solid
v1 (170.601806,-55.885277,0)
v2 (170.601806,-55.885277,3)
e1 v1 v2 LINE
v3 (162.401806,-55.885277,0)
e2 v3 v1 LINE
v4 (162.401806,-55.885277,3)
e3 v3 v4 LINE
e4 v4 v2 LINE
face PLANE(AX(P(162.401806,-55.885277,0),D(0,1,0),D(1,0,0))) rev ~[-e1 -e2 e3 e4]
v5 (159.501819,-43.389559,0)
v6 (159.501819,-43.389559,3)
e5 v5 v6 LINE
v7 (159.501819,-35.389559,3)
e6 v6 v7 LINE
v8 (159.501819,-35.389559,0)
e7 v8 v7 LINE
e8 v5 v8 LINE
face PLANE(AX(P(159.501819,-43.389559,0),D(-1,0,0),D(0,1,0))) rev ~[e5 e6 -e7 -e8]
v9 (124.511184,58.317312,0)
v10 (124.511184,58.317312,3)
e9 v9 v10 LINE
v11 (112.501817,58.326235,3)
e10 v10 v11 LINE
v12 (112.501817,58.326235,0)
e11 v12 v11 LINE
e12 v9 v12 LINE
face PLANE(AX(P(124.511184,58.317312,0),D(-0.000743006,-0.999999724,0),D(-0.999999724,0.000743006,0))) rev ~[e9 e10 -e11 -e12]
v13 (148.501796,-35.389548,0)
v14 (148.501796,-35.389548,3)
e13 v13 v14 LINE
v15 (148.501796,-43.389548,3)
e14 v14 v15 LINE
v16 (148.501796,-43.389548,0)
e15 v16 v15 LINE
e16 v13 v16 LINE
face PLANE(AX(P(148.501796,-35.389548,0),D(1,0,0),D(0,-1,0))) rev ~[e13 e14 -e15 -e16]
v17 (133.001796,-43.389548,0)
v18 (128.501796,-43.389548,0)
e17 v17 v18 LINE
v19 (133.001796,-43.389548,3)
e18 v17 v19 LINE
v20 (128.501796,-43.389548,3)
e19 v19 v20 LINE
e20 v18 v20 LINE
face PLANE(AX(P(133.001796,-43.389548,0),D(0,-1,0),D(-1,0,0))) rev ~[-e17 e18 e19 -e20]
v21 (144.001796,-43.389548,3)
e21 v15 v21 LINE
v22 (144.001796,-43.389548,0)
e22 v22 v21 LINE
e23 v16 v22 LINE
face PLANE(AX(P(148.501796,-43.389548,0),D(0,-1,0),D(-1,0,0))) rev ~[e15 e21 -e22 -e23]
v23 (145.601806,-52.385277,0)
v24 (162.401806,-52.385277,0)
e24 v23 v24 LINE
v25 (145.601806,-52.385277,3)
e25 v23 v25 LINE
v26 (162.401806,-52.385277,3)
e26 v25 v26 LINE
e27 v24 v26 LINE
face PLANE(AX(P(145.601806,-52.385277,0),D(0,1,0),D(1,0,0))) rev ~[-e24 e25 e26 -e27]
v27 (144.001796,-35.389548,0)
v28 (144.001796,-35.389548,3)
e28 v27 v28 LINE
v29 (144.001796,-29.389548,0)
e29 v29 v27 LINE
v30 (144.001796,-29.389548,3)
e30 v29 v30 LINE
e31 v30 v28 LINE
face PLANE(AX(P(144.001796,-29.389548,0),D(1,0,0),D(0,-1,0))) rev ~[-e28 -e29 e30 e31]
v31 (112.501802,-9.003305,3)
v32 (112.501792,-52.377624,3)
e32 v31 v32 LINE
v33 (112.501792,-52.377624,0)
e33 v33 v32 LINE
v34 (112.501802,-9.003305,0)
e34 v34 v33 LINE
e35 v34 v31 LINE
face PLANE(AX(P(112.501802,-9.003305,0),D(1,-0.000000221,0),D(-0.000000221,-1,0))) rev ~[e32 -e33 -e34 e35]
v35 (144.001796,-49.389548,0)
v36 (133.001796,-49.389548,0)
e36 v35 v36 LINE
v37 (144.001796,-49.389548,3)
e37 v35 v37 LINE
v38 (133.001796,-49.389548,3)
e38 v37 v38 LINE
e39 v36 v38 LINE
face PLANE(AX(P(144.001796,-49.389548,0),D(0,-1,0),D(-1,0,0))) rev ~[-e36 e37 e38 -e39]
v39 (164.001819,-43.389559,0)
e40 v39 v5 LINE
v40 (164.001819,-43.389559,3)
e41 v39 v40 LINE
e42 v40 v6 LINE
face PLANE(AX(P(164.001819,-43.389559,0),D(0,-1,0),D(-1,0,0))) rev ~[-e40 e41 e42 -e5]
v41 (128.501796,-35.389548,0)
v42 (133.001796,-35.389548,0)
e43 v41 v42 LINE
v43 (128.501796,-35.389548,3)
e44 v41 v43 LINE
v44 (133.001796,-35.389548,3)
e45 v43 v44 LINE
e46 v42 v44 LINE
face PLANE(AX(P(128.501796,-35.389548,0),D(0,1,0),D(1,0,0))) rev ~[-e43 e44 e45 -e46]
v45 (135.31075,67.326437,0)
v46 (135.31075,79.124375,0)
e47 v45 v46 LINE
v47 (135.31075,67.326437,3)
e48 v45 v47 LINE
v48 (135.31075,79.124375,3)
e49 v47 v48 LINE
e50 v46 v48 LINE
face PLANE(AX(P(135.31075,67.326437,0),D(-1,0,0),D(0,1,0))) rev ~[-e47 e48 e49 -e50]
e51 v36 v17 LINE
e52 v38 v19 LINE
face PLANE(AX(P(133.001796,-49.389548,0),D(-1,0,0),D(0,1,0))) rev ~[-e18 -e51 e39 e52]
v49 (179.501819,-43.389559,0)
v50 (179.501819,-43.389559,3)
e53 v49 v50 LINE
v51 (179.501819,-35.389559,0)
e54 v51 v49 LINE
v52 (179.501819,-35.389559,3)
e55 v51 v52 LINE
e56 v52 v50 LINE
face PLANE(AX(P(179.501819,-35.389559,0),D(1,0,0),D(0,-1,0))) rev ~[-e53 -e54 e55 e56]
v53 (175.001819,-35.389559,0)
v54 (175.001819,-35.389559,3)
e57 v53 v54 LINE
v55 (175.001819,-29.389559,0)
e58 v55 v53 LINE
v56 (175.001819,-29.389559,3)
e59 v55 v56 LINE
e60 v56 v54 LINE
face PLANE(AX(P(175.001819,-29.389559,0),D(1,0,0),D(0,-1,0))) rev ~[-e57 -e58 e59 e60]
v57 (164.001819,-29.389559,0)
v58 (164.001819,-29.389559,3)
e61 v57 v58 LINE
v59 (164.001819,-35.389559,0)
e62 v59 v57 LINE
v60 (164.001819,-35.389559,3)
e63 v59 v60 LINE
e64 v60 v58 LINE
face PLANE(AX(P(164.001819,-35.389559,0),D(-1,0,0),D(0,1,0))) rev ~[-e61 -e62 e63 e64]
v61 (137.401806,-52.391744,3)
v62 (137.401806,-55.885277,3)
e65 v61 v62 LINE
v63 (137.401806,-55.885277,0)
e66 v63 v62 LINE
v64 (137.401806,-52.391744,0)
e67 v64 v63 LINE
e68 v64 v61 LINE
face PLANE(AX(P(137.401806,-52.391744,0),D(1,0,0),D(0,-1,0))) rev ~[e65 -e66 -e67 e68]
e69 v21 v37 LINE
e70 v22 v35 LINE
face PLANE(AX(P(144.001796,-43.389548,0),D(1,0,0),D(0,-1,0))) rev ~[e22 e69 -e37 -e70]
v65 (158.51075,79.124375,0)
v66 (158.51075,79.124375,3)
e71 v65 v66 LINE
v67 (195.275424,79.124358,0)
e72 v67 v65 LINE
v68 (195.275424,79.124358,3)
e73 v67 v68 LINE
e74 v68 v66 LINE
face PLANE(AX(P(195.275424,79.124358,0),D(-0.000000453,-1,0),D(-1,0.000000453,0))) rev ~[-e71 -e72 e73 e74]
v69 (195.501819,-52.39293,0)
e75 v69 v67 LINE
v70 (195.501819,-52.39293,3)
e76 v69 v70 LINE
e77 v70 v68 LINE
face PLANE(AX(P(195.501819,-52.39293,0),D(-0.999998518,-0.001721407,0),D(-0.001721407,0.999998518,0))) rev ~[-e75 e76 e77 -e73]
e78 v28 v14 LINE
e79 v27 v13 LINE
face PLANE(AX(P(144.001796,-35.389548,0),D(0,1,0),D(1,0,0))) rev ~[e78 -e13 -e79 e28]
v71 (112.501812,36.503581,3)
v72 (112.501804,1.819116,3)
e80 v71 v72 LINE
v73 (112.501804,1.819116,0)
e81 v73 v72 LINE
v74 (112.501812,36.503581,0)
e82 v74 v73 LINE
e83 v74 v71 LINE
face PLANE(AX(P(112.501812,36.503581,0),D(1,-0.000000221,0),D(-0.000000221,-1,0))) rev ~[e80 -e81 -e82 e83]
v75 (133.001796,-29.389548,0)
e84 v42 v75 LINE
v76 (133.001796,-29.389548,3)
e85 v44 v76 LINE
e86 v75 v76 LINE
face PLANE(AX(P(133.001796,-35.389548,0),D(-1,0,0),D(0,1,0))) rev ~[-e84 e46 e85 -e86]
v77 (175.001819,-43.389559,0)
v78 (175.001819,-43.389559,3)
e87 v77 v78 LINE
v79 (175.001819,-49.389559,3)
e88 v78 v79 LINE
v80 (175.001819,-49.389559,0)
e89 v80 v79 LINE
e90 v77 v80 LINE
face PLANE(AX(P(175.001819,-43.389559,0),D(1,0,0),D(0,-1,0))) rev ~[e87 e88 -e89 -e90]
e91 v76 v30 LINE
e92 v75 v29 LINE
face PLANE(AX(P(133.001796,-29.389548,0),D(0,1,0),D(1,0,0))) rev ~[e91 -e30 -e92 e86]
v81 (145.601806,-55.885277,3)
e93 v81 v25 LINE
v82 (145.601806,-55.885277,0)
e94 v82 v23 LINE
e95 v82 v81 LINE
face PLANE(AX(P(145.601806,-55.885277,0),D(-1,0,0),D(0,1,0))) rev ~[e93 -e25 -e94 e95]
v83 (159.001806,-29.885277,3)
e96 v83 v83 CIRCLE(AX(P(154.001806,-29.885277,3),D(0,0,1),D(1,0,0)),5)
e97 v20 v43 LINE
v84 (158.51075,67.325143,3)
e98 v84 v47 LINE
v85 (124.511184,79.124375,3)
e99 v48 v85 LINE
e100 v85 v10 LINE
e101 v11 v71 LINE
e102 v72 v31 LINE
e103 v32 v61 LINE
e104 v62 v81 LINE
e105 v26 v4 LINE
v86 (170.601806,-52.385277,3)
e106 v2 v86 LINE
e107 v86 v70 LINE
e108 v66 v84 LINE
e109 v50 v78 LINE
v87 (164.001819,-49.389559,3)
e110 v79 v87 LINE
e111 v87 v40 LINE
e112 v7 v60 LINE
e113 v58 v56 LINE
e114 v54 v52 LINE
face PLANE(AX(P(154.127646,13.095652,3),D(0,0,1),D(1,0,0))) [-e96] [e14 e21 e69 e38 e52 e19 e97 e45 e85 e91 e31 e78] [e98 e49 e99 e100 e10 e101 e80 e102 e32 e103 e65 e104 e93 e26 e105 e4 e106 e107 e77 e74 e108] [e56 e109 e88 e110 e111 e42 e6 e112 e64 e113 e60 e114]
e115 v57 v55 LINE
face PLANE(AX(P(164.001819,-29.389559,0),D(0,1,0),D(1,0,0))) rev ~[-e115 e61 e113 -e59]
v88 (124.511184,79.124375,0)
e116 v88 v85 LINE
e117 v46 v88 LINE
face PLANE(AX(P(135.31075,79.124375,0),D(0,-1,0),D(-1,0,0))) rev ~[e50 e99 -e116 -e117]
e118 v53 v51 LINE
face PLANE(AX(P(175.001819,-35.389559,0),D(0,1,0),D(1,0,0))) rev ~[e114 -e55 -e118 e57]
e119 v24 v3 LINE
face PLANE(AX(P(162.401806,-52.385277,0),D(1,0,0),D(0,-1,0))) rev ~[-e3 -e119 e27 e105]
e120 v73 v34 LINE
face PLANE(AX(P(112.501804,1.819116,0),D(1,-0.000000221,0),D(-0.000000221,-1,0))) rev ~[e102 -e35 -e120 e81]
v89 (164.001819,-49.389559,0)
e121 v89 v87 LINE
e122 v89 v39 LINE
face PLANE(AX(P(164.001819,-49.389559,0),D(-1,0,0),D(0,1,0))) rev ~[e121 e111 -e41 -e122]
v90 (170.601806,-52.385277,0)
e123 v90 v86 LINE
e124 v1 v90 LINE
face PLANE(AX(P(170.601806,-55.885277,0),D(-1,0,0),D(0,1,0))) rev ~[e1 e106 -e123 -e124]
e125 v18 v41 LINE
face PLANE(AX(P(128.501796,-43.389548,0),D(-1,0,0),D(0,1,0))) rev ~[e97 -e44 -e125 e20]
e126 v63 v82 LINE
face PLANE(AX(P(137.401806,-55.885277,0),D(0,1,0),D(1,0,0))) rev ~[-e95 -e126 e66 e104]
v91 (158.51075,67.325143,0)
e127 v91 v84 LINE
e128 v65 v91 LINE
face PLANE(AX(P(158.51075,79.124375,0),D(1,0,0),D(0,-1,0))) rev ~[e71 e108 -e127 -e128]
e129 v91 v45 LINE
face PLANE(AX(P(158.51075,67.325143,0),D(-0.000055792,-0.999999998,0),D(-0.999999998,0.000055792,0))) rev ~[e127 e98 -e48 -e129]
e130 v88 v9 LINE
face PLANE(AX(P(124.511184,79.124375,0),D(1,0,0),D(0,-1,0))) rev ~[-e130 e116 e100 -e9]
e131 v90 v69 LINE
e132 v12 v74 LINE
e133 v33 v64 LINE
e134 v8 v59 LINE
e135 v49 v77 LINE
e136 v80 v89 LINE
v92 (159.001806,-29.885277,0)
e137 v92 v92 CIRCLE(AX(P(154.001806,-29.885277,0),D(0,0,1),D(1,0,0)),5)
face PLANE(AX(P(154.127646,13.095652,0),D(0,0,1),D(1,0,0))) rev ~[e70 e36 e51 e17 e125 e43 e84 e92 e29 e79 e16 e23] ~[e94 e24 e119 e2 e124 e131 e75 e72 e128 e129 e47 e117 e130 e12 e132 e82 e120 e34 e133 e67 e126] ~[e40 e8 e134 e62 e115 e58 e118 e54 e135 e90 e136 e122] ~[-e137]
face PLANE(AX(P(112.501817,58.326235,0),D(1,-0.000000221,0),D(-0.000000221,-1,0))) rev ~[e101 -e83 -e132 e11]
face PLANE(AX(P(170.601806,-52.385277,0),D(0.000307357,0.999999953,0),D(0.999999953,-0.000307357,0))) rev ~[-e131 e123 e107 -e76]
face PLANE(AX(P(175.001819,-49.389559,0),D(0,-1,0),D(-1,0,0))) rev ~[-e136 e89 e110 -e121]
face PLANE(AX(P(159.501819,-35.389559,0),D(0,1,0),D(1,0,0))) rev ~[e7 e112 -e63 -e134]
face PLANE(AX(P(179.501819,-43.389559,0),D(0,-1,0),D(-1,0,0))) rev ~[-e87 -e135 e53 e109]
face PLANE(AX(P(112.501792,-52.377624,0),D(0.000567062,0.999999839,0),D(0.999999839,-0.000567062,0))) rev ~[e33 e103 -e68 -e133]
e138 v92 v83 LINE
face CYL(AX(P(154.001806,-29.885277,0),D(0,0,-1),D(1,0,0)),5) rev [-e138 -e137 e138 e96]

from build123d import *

# Parameters (mm, degrees)
MODEL_R                 = 5
SALIENTE_EXTRUIR1_DEPTH = 3


with BuildPart() as part:
    # Model → Saliente-Extruir1 (new body)
    with BuildSketch(Plane.XY):
        Polygon((124.511184003, 58.317312114), (112.50181664, 58.326235146), (112.501811813, 36.503581249), (112.501804141, 1.819115993), (112.501801747, -9.003305006), (112.501792152, -52.377623741), (137.401805699, -52.391743595), (137.401805699, -55.885276943), (145.601805699, -55.885276943), (145.601805699, -52.385276943), (162.401805699, -52.385276943), (162.401805699, -55.885276943), (170.601805699, -55.885276943), (170.601805699, -52.385276943), (195.501819246, -52.392930144), (195.275424073, 79.124358077), (158.510749751, 79.124374738), (158.510749751, 67.325142582), (135.310749751, 67.32643696), (135.310749751, 79.124374745), (124.511184003, 79.124374745), align=None)
        Polygon((144.00179591, -43.389548344), (144.00179591, -49.389548344), (133.00179591, -49.389548344), (133.00179591, -43.389548344), (128.50179591, -43.389548344), (128.50179591, -35.389548344), (133.00179591, -35.389548344), (133.00179591, -29.389548344), (144.00179591, -29.389548344), (144.00179591, -35.389548344), (148.50179591, -35.389548344), (148.50179591, -43.389548344), align=None, mode=Mode.SUBTRACT)
        with Locations((154.001805699, -29.885276943)):
            Circle(MODEL_R, mode=Mode.SUBTRACT)
        Polygon((175.001819246, -43.389558962), (175.001819246, -49.389558962), (164.001819246, -49.389558962), (164.001819246, -43.389558962), (159.501819246, -43.389558962), (159.501819246, -35.389558962), (164.001819246, -35.389558962), (164.001819246, -29.389558962), (175.001819246, -29.389558962), (175.001819246, -35.389558962), (179.501819246, -35.389558962), (179.501819246, -43.389558962), align=None, mode=Mode.SUBTRACT)
    extrude(amount=SALIENTE_EXTRUIR1_DEPTH)


solid = part.part
